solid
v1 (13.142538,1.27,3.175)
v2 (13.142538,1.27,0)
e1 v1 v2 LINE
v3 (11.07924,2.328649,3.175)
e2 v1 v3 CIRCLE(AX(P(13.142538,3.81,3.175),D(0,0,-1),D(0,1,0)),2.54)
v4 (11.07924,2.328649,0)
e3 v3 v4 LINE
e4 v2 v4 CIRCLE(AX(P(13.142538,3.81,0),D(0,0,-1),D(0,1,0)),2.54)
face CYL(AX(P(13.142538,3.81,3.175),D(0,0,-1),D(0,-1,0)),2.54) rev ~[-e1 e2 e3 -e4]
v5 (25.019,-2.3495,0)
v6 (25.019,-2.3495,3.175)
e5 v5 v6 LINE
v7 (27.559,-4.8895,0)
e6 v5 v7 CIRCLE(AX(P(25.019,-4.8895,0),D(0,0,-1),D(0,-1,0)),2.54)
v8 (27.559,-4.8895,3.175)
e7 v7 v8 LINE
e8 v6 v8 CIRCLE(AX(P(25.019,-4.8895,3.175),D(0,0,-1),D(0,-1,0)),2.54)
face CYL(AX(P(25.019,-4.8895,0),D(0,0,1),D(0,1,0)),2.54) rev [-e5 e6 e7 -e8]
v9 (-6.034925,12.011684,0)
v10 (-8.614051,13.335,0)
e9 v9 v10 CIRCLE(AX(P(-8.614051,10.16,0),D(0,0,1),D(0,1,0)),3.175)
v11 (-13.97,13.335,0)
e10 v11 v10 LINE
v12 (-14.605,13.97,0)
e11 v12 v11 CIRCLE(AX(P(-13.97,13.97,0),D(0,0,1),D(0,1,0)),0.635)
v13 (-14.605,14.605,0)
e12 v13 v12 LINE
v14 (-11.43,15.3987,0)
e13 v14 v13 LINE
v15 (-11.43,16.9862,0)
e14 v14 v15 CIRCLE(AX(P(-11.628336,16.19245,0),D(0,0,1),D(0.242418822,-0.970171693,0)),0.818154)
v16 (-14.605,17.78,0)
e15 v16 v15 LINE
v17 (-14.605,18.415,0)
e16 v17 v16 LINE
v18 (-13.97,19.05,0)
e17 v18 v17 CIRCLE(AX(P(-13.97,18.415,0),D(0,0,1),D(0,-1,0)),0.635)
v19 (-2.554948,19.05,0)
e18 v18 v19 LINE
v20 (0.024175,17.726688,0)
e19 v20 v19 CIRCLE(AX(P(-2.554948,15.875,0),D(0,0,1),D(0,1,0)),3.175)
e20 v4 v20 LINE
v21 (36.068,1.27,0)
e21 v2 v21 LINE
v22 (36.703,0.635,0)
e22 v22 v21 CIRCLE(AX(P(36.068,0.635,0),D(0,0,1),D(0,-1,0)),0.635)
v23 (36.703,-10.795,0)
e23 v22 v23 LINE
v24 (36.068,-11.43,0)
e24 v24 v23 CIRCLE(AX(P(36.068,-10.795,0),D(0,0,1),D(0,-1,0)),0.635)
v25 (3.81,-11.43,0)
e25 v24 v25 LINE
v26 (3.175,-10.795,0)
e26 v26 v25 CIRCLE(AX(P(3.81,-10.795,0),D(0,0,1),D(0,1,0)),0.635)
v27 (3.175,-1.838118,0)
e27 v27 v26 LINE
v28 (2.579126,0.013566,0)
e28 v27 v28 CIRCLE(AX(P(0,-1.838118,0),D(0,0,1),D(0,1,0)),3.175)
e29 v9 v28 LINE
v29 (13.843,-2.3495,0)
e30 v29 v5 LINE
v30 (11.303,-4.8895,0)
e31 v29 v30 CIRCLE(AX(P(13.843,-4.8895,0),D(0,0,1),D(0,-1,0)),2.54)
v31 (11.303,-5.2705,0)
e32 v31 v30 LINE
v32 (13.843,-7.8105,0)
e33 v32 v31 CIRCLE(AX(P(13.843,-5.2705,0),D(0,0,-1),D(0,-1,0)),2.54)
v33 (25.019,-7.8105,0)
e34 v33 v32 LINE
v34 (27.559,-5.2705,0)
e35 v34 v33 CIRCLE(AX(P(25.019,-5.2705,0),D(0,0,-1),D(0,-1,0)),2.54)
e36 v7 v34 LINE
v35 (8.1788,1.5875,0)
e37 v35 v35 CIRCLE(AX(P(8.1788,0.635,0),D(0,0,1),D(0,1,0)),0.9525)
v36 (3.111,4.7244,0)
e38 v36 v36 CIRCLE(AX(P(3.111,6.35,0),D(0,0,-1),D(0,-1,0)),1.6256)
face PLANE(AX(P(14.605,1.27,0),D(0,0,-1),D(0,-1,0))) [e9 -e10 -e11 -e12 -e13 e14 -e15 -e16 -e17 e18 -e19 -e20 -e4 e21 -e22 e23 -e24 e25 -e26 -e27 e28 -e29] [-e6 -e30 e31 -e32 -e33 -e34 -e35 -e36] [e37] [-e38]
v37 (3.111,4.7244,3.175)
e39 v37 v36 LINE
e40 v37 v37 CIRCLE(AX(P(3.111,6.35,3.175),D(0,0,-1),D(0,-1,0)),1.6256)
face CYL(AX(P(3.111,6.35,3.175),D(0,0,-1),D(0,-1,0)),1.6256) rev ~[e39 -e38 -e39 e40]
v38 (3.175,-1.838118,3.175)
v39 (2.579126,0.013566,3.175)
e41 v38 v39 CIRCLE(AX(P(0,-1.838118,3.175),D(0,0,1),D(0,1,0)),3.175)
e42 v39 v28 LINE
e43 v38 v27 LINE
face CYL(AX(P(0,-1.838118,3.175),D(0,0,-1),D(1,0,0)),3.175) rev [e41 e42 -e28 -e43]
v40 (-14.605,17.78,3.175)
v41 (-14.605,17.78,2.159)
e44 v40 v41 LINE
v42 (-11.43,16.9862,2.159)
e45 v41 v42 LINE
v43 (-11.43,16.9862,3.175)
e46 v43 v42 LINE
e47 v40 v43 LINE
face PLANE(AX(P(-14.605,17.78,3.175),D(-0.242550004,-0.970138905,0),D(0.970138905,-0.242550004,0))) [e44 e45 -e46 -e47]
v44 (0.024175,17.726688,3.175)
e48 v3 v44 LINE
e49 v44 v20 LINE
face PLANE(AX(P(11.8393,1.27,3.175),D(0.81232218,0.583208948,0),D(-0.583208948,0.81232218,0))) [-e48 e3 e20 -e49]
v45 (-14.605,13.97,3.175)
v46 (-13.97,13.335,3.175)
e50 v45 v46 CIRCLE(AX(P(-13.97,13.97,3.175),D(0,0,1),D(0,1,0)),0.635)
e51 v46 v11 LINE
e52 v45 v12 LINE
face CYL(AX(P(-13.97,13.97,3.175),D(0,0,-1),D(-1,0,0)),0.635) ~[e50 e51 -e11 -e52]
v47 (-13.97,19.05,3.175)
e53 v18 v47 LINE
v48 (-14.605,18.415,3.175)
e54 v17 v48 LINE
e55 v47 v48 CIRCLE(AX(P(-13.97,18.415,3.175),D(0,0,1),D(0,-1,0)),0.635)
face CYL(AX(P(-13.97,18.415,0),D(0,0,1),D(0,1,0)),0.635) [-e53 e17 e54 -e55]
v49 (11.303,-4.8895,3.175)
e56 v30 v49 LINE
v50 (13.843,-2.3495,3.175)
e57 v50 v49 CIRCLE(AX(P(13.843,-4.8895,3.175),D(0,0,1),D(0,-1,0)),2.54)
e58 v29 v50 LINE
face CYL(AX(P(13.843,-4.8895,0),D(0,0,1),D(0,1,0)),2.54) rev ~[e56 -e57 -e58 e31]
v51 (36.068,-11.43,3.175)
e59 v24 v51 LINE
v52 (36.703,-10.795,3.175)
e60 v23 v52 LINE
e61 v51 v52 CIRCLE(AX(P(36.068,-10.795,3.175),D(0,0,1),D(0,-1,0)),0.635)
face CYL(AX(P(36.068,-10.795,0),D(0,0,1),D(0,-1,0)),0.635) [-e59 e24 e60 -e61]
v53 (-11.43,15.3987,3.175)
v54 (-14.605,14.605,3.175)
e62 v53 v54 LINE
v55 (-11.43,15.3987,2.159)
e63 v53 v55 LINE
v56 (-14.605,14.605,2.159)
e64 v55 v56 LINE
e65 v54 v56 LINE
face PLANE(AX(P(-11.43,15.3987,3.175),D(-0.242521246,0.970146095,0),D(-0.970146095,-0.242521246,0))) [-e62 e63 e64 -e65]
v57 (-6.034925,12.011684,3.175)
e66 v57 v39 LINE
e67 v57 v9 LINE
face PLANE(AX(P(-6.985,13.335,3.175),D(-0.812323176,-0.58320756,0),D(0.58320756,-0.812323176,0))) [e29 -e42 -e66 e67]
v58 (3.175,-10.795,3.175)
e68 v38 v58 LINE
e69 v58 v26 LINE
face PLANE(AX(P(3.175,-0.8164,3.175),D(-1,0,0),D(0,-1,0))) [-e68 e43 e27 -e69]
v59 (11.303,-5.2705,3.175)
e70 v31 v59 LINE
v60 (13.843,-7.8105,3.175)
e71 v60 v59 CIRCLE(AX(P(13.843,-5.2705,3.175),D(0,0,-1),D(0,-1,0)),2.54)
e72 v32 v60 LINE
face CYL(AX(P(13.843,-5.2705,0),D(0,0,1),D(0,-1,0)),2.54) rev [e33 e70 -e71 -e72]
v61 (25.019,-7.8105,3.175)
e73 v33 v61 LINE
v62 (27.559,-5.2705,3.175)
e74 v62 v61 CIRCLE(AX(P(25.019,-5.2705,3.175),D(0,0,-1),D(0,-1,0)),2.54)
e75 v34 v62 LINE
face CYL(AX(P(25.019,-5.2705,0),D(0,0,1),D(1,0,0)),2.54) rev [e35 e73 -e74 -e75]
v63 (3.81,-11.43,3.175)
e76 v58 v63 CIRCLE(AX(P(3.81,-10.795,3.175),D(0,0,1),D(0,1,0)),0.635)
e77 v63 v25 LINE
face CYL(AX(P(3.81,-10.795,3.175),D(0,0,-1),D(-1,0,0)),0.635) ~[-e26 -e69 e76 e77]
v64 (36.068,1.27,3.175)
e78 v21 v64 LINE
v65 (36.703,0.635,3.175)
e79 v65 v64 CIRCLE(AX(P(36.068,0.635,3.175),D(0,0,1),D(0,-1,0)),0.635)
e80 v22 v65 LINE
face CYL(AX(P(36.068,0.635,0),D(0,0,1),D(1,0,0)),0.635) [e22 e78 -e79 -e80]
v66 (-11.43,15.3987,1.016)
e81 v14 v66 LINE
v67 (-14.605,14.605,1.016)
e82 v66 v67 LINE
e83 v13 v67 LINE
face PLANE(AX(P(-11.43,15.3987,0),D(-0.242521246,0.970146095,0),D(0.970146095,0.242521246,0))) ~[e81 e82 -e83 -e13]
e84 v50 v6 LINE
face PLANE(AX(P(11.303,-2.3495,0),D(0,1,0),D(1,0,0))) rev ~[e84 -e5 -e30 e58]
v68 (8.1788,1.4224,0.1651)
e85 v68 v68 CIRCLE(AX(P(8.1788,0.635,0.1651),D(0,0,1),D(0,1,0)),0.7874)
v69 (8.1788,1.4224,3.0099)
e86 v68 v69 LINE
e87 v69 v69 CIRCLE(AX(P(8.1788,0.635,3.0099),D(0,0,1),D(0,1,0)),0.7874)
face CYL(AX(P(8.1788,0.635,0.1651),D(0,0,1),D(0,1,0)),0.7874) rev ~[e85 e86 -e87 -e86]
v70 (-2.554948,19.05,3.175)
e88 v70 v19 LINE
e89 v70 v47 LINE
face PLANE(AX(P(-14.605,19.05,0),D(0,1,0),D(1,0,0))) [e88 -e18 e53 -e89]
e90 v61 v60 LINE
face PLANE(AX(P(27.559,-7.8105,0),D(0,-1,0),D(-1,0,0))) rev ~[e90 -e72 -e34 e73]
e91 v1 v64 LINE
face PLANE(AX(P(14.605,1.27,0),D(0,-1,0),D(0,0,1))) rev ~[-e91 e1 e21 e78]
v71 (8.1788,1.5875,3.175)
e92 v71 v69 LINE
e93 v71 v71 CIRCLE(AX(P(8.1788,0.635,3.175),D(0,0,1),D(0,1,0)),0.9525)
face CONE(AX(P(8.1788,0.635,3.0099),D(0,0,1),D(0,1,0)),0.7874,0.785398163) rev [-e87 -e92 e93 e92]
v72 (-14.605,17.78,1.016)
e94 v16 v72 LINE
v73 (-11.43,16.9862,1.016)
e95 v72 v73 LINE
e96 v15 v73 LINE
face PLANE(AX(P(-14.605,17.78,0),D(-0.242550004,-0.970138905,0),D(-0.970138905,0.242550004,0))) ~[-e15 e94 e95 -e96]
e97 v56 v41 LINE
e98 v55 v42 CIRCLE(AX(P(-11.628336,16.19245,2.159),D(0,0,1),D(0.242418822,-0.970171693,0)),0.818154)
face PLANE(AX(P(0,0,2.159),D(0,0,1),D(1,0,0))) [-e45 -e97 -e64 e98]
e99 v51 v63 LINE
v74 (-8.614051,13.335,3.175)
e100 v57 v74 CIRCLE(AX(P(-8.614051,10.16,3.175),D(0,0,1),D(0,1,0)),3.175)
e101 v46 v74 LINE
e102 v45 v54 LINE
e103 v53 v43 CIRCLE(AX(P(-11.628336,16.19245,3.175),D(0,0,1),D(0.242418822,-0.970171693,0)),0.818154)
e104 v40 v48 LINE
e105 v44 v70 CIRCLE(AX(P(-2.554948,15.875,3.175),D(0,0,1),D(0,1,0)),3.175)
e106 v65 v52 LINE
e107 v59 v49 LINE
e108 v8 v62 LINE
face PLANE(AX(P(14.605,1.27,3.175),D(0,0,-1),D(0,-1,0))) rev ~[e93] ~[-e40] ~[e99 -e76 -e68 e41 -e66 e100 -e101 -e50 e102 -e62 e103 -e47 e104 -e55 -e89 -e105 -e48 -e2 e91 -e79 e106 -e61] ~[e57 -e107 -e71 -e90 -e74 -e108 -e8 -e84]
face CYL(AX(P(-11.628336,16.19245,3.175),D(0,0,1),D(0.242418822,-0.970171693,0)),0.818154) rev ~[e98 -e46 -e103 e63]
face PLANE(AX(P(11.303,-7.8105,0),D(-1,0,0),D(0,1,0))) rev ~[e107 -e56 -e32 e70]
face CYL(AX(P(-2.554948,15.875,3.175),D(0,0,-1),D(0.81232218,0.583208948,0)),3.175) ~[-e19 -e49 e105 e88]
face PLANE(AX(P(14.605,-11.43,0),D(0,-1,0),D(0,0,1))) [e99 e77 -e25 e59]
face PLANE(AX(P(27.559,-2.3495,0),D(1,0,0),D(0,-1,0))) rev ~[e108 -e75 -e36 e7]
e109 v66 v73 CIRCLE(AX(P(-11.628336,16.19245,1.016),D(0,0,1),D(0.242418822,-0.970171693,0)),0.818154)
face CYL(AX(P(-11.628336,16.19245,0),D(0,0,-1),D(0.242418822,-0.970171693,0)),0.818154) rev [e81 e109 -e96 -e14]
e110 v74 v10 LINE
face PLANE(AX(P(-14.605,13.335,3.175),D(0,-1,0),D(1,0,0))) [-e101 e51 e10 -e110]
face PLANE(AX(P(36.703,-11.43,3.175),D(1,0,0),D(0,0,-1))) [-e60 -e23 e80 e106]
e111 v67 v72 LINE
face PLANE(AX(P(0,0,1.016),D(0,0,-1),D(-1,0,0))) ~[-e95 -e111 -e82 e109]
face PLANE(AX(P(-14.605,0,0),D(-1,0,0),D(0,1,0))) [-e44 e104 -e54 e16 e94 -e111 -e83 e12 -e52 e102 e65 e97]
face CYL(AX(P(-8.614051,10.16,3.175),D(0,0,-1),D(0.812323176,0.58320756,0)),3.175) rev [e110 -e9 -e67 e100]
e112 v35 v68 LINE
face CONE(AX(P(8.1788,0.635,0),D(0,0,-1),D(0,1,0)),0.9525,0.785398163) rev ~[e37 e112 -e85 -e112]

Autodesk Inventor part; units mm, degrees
ref_plane "YZ Plane" through (0, 0, 0) normal (1, 0, 0) x (0, 1, 0)
sketch "Sketch1" plane through (0, 0, 0) normal (0, 0, 1) x (1, 0, 0)
  line L0 (-20.447, 0) -> (20.447, 0) projected
  line L1 (0, -17.526) -> (0, 25.146) projected
  line L2 (14.605, -11.43) -> (-14.605, -11.43)
  line L3 (-14.605, -11.43) -> (-14.605, 19.05)
  line L4 (-14.605, 19.05) -> (14.605, 19.05)
  line L5 (14.605, 19.05) -> (14.605, -11.43)
  line L6 (-14.605, 16.6688) -> (-14.605, 19.05)
  point P0 (0, 0)
  dimension "d0" = 29.21
  dimension "d1" = 30.48
  dimension "d2" = 14.605
  dimension "d232" = 19.05
extrude "Extrusion2" add sketch "Sketch1" along normal blind 3.175
sketch "Sketch2" plane through (0, 0, 3.175) normal (0, 0, 1) x (1, 0, 0)
  line L0 (-14.605, -11.43) -> (-14.605, 19.05) projected
  line L1 (-14.605, 17.78) -> (-11.43, 16.9862)
  line L2 (-11.43, 16.9862) -> (-11.43, 15.3987)
  line L3 (-11.43, 15.3987) -> (-14.605, 14.605)
  line L4 (-14.605, 17.78) -> (-14.605, 14.605)
  line L5 (-14.605, 17.78) -> (-14.605, 19.05)
  arc A0 (-11.43, 15.3987) -> (-11.43, 16.9862) centre (-11.6284, 16.1925) ccw
  point P0 (0, 0)
  dimension "d21" = 3.175
  dimension "d22" = 1.5875
  dimension "d23" = 1.27
  dimension "d66" = 3.175
extrude "Extrusion3" cut sketch "Sketch2" against normal blind 1.016
sketch "Sketch11" plane through (0, 0, 3.175) normal (0, 0, 1) x (1, 0, 0)
  line L0 (14.605, -11.43) -> (-14.605, -11.43) projected
  line L1 (14.605, 1.27) -> (14.605, 19.05)
  line L2 (-14.605, 13.335) -> (-6.985, 13.335)
  line L3 (-6.985, 13.335) -> (3.175, -0.8164)
  line L4 (10.795, -11.43) -> (-14.605, -11.43)
  line L5 (14.605, 19.05) -> (14.605, -11.43) projected
  line L6 (14.605, 1.27) -> (11.8393, 1.27)
  line L7 (11.8393, 1.27) -> (-0.9259, 19.05)
  line L8 (-0.9259, 19.05) -> (14.605, 19.05)
  line L9 (-14.605, 13.335) -> (-14.605, -11.43)
  line L10 (3.175, -0.8164) -> (3.175, -11.43)
  point P0 (0, 0)
  point P1 (0, -11.43)
  dimension "d220" = 7.62
  dimension "d221" = 25.4
  dimension "d226" = 12.7
  dimension "d230" = 8.255
  dimension "d263" = 7.62
  dimension "d264" = 54.324
extrude "Extrusion10" cut sketch "Sketch11" against normal through all
sketch "Sketch12" plane through (0, 0, 3.175) normal (0, 0, 1) x (1, 0, 0)
  line L0 (-14.605, 19.05) -> (14.605, 19.05) projected
  line L1 (-14.605, -11.43) -> (-14.605, 19.05) projected
  line L2 (-0.2249, 19.05) -> (-2.4073, 19.05)
  line L3 (-0.2419, 3.9428) -> (6.4638, 8.7572)
  line L4 (-0.2419, 3.9428) -> (3.111, 6.35)
  line L5 (3.111, 6.35) -> (6.4638, 8.7572)
  line L6 (-6.985, 13.335) -> (3.175, -0.8164) projected
  line L7 (11.8393, 1.27) -> (-0.9259, 19.05) projected
  line L8 (0, 25.146) -> (0, -17.526) projected
  line L9 (-20.447, 0) -> (20.447, 0) projected
  point P0 (-14.605, 14.605)
  point P1 (10.795, -11.43)
  dimension "d231" = 6.35
hole "Hole9" at (3.111, 6.35, 3.175) direction (0, 0, -1) diameter 3.2512 end through all
sketch "Sketch16" plane through (14.605, -11.43, 3.175) normal (1, 0, 0) x (0, 0, -1)
  line L0 (3.175, 12.7) -> (0, 12.7) projected
  line L1 (0, 12.7) -> (0, 0) projected
  line L2 (3.175, 12.7) -> (3.175, 0) projected
  line L3 (3.175, 0) -> (0, 0) projected
  line L4 (0, 12.7) -> (3.175, 12.7)
  line L5 (3.175, 12.7) -> (3.175, 0)
  line L6 (3.175, 0) -> (0, 0)
  line L7 (0, 0) -> (0, 12.7)
extrude "Extrusion14" add sketch "Sketch16" along normal blind 22.098
hole "Hole14-Orig threaded Tscrew hole" [suppressed]
sketch "Sketch17" plane through (0, 0, 0) normal (0, 0, 1) x (1, 0, 0)
  circle A0 centre (8.1788, 0.635) radius 0.7937
  circle A1 centre (3.111, 6.35) radius 1.6256 projected
  point P0 (0, 0)
  dimension "d235" = 1.5875
  dimension "d237" = 8.1788
  dimension "d238" = 5.0678
  dimension "d239" = 5.715
hole "Hole16" at (8.1788, 0.635, 0) direction (0, 0, 1) diameter 1.5748 end through all countersink diameter 1.905 countersink angle 90
fillet "Fillet9" radius 3.175 3 edges at (-0.9259, 19.05, 1.5875) (-6.985, 13.335, 1.5875) (3.175, -0.8164, 1.5875)
fillet "Fillet10" radius 0.635 2 edges at (-14.605, 19.05, 1.5875) (-14.605, 13.335, 1.5875)
ref_plane "Work Plane1" through (0, 0, 1.5875) normal (0, 0, 1) x (1, 0, 0)
mirror "Mirror1" about plane through (0, 0, 1.5875) normal (0, 0, 1) of "Extrusion3"
sketch "Sketch18" plane through (0, 0, 0) normal (0, 0, 1) x (1, 0, 0)
  line L0 (-13.97, 19.05) -> (-2.5549, 19.05) projected
  line L1 (-13.97, 13.335) -> (-8.6141, 13.335) projected
  line L2 (-14.605, 14.605) -> (-14.605, 17.78) projected
  line L3 (11.8393, 1.27) -> (0.0242, 17.7267) projected
  line L4 (-6.0349, 12.0117) -> (2.5791, 0.0135) projected
  circle A0 centre (3.111, 6.35) radius 1.6256 projected
  circle A1 centre (8.1788, 0.635) radius 0.7874 projected
  line L5 (-14.605, 19.05) -> (-0.9259, 19.05)
  line L6 (-6.985, 13.335) -> (-14.605, 13.335)
  line L7 (-14.605, 13.335) -> (-14.605, 19.05)
  line L8 (2.6983, -0.1524) -> (-6.985, 13.335)
  line L9 (-0.9259, 19.05) -> (7.3914, 7.4652)
  line L10 (7.3914, -0.1524) -> (2.6983, -0.1524)
  line L11 (7.3914, 7.4652) -> (7.3914, -0.1524)
  circle A2 centre (3.111, 6.35) radius 1.6256
  line L12 (-14.605, 17.78) -> (-14.605, 18.415) projected
  point P0 (10.8892, 2.5933)
  point P1 (9.8449, -10.1067)
  point P2 (10.795, -11.43)
  point P3 (6.985, -6.1232)
  dimension "d251" = 13.6791
  dimension "d252" = 5.715
  dimension "d253" = 7.62
  dimension "d254" = 14.2613
  dimension "d255" = 7.6176
  dimension "d256" = 4.6931
  dimension "d257" = 16.6035
  dimension "d258" = 21.9964
  dimension "d259" = 19.2024
  dimension "d260" = 12.7
  dimension "d261" = 17.716
fillet "Fillet11" radius 0.635 3 edges at (36.703, -11.43, 1.5875) (36.703, 1.27, 1.5875) (3.175, -11.43, 1.5875)
fillet "Fillet12" radius 2.54 1 edges at (11.8393, 1.27, 1.5875)
sketch "Sketch19" plane through (0, 0, 0) normal (0, 0, 1) x (1, 0, 0)
  line L0 (11.303, -2.3495) -> (27.559, -2.3495)
  line L1 (27.559, -2.3495) -> (27.559, -7.8105)
  line L2 (27.559, -7.8105) -> (11.303, -7.8105)
  line L3 (11.303, -7.8105) -> (11.303, -2.3495)
  line L4 (27.559, -5.08) -> (11.303, -5.08) construction
  line L5 (19.431, -2.3495) -> (19.431, -7.8105) construction
  line L6 (36.703, -10.795) -> (36.703, 0.635) construction
  line L7 (36.068, -11.43) -> (3.81, -11.43) construction
  point P0 (0, 0)
  dimension "d267" = 16.256
  dimension "d268" = 5.461
  dimension "d269" = 6.35
  dimension "d274" = 19.431
extrude "Extrusion15" cut sketch "Sketch19" along normal through all
fillet "Fillet13" radius 2.54 4 edges at (11.303, -7.8105, 1.5875) (11.303, -2.3495, 1.5875) (27.559, -7.8105, 1.5875) (27.559, -2.3495, 1.5875)
ref_plane "Work Plane2" through (0, -5.0927, 0) normal (0, 1, 0) x (-1, 0, 0)
chamfer "Chamfer9" distance 0.1651 angle 45 1 edges at (8.1788, -0.1524, 3.175)
equation "\"d2\" = 0.5 * d0"
properties part number "J002859" material "STAINLESS STEEL, 303"
